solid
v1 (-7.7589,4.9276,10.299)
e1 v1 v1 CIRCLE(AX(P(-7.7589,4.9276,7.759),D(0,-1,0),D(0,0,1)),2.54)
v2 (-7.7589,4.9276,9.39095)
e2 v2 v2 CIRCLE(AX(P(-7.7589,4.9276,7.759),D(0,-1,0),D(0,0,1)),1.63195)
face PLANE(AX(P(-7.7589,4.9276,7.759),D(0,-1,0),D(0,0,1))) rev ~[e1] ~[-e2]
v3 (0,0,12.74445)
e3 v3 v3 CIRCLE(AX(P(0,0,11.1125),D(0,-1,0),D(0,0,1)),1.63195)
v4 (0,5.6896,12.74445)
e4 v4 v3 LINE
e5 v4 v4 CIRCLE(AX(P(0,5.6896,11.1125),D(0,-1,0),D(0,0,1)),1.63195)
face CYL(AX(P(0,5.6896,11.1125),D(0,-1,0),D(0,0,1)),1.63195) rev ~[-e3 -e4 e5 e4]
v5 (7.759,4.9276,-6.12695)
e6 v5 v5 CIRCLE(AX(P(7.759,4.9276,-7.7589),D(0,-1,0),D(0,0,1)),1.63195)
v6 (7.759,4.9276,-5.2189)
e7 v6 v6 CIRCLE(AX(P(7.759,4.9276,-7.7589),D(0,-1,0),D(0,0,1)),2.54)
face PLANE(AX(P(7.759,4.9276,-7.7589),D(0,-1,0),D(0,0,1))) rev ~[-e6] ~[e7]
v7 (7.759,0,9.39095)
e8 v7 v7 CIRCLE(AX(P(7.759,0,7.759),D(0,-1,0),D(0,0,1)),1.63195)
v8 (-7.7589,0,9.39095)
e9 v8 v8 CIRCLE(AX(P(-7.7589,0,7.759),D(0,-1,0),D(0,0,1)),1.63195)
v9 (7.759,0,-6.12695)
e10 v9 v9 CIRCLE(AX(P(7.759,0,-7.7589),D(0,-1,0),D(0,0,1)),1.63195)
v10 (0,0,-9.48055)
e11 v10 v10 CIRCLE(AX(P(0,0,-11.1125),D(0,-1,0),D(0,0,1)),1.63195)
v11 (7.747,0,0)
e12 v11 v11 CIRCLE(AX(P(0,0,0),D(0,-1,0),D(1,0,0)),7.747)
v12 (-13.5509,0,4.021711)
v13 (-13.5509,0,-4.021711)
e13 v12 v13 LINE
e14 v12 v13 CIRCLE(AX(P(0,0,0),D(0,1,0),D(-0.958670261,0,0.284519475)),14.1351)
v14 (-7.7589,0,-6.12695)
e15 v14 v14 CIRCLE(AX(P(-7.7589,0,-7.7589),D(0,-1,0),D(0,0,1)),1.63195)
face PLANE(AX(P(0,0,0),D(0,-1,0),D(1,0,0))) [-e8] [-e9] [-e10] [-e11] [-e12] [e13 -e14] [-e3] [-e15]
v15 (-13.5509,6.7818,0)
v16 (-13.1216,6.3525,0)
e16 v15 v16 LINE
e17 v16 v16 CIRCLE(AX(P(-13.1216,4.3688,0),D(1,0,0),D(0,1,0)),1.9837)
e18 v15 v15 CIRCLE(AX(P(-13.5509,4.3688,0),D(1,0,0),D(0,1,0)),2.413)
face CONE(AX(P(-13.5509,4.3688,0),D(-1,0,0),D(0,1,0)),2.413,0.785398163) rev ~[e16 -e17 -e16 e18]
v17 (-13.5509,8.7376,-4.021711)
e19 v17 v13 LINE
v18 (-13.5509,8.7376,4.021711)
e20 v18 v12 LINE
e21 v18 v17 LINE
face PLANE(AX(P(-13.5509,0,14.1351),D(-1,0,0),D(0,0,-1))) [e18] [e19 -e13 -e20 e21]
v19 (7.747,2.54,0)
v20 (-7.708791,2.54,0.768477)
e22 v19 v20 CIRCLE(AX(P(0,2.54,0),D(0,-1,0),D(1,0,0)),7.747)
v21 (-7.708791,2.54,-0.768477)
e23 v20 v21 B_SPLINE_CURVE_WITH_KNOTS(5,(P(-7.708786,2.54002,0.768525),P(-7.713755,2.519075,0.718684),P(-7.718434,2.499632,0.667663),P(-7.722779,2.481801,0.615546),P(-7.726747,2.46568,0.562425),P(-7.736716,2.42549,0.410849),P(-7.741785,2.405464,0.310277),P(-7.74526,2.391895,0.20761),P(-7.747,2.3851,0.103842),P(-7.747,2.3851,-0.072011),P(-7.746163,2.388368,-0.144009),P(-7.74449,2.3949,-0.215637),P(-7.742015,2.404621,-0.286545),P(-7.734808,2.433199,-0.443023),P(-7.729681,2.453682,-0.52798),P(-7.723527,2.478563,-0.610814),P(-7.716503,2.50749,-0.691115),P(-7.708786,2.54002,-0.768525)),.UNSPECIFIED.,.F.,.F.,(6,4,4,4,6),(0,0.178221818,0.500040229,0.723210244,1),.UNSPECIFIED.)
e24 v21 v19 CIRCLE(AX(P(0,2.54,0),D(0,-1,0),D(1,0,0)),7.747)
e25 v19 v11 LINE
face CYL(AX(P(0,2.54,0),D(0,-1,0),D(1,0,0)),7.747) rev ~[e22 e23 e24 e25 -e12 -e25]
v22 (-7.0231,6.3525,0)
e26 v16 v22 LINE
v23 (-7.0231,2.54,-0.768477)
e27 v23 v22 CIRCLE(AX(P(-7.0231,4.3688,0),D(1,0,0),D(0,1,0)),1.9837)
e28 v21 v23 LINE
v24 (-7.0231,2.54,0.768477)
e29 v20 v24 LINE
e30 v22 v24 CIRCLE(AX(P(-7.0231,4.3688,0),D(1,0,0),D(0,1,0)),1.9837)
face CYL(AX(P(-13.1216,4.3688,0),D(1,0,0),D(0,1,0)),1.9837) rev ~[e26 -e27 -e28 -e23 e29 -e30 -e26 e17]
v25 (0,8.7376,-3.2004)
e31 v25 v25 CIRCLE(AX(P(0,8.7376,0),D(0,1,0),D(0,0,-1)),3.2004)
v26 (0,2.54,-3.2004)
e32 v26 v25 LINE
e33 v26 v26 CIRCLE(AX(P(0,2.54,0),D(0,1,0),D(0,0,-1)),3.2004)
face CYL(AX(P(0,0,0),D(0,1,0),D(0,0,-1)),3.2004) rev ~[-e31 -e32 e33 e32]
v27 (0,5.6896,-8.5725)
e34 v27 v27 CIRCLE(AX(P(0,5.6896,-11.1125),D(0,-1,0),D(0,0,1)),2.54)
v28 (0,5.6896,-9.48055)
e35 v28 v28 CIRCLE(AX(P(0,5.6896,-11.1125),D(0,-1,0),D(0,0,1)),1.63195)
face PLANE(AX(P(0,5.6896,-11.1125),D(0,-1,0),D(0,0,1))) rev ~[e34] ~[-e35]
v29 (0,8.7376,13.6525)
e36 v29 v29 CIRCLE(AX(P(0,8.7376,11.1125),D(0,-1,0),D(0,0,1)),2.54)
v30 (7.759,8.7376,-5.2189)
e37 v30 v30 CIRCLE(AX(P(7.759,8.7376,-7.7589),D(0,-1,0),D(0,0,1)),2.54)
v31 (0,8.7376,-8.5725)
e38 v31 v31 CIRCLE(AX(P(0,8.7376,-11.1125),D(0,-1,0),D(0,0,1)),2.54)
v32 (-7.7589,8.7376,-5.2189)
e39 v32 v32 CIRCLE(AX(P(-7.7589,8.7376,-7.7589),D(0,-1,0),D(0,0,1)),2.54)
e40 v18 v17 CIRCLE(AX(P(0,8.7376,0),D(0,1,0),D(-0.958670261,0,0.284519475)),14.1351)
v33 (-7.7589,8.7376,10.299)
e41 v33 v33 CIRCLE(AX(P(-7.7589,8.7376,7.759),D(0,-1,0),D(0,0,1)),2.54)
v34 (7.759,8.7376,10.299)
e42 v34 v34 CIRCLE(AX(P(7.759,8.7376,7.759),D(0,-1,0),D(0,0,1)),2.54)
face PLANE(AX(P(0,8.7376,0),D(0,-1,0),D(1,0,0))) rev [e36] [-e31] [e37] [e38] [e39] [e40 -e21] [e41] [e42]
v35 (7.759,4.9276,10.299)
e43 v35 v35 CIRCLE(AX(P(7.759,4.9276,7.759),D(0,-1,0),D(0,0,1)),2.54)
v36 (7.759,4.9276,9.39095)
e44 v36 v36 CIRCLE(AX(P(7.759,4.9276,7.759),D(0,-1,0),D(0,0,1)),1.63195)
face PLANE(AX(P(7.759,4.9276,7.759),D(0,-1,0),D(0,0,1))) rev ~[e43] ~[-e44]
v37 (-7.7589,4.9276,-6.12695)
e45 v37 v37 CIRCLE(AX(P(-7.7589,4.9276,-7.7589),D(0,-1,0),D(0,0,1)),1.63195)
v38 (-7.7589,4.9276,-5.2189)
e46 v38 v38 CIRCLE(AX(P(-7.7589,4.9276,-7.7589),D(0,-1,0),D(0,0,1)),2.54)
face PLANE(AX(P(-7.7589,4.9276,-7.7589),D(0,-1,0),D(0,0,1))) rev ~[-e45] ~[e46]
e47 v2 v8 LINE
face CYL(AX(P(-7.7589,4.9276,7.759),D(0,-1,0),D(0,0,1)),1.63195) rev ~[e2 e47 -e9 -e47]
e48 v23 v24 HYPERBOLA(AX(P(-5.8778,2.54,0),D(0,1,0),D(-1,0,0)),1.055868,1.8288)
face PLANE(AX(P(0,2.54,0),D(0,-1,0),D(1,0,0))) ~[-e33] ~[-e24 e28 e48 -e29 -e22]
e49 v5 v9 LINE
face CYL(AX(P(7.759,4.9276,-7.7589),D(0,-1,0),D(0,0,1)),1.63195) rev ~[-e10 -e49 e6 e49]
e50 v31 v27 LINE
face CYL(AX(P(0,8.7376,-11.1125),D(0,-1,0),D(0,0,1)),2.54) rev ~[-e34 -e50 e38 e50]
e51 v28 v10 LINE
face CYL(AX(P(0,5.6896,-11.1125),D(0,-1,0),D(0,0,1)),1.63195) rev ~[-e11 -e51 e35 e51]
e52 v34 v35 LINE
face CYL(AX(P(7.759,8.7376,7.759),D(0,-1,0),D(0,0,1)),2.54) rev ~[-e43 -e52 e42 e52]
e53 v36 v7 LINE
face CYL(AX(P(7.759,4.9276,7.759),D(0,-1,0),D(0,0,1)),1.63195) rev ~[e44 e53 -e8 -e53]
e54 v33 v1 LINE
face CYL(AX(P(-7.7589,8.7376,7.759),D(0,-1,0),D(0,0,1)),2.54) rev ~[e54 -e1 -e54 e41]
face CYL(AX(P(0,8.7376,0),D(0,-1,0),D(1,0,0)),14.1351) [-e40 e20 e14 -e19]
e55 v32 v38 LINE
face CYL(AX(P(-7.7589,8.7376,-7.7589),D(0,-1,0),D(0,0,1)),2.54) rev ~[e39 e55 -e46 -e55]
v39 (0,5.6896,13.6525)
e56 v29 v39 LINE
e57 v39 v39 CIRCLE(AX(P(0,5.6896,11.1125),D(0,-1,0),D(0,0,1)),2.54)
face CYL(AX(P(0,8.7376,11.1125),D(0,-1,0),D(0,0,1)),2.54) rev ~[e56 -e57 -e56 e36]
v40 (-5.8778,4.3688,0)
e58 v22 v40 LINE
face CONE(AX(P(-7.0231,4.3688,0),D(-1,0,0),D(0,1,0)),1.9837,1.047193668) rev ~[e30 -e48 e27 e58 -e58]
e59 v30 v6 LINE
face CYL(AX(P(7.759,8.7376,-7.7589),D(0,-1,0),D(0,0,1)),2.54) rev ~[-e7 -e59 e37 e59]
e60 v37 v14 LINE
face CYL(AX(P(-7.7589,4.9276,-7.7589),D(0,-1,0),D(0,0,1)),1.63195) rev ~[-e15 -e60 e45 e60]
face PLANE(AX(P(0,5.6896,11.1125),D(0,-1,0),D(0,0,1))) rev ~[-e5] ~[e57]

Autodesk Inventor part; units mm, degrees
sketch "Sketch_1" plane through (0, 0, 0) normal (0, 0, 1) x (1, 0, 0)
  line L0 (0, 0) -> (0, 8.7376)
  line L1 (0, 8.7376) -> (14.1351, 8.7376)
  line L2 (14.1351, 8.7376) -> (14.1351, 0)
  line L3 (14.1351, 0) -> (0, 0)
  line L4 (0, 0) -> (0, 8.7376)
revolve "Revolution1" add sketch "Sketch_1" angle 360 about axis through (0, 0, 0) along (0, -1, 0)
sketch "Sketch_63" plane through (0, 0, 0) normal (0, 1, 0) x (-1, 0, 0)
  line L0 (20.6184, 14.1351) -> (13.5509, 14.1351)
  line L1 (13.5509, 14.1351) -> (13.5509, -14.1351)
  line L2 (13.5509, -14.1351) -> (20.6184, -14.1351)
  line L3 (20.6184, -14.1351) -> (20.6184, 14.1351)
extrude "Extrusion1" cut sketch "Sketch_63" along normal blind 8.7376
sketch "Sketch_37" plane through (0, 0, 0) normal (0, 0, 1) x (1, 0, 0)
  line L0 (-5.8778, 4.3688) -> (-14.1351, 4.3688)
  line L1 (-14.1351, 4.3688) -> (-14.1351, 8.3376)
  line L2 (-14.1351, 8.3376) -> (-13.5509, 8.3376)
  line L3 (-13.5509, 8.3376) -> (-13.5509, 6.7818)
  line L4 (-13.5509, 6.7818) -> (-13.1216, 6.3525)
  line L5 (-13.1216, 6.3525) -> (-7.0231, 6.3525)
  line L6 (-7.0231, 6.3525) -> (-5.8778, 4.3688)
  line L7 (-5.8778, 4.3688) -> (-14.1351, 4.3688)
revolve "Revolution2" cut sketch "Sketch_37" angle 360 about axis through (-5.8778, 4.3688, 0) along (1, 0, 0)
thread "Thread1" size "10-32 UNF" class "2B" standard "ANSI Unified Screw Threads" length 4.6507
sketch "Sketch4" plane through (0, 0, 0) normal (0, -1, 0) x (1, 0, 0)
  point P0 (0, 0)
hole "Hole1" at (0, 0, 0) direction (0, 1, 0) diameter 6.4008 depth 8.7376
sketch "Sketch_9" plane through (0, 0, 0) normal (0, 0, 1) x (1, 0, 0)
  line L0 (0, 0) -> (0, 2.54)
  line L1 (0, 2.54) -> (7.747, 2.54)
  line L2 (7.747, 2.54) -> (7.747, 0)
  line L3 (7.747, 0) -> (0, 0)
  line L4 (0, 0) -> (0, 2.54)
revolve "Revolution3" cut sketch "Sketch_9" angle 360 about axis through (0, 0, 0) along (0, -1, 0)
sketch "Sketch6" plane through (0, 8.7376, 0) normal (0, 1, 0) x (1, 0, 0)
  point P0 (0, -11.1125)
hole "Hole2" at (0, 8.7376, 11.1125) direction (0, -1, 0) diameter 3.2639 depth 8.7376 counterbore diameter 5.08 counterbore depth 3.048
sketch "Sketch7" plane through (0, 8.7376, 0) normal (0, 1, 0) x (1, 0, 0)
  point P0 (0, 11.1125)
hole "Hole3" at (0, 8.7376, -11.1125) direction (0, -1, 0) diameter 3.2639 depth 8.7376 counterbore diameter 5.08 counterbore depth 3.048
sketch "Sketch8" plane through (0, 8.7376, 0) normal (0, 1, 0) x (1, 0, 0)
  point P0 (-7.7589, 7.7589)
hole "Hole4" at (-7.7589, 8.7376, -7.7589) direction (0, -1, 0) diameter 3.2639 depth 8.7376 counterbore diameter 5.08 counterbore depth 3.81
pattern_linear "Rectangular Pattern1" count 2 spacing 15.5179 along (1, 0, 0) count 2 spacing 15.5179 along (0, 0, 1) of "Hole4"
ref_plane "a1_XY" through (0, 8.7376, -14.1351) normal (0, 1, 0) x (1, 0, 0)
ref_plane "a1_YZ" through (0, 8.7376, -14.1351) normal (1, 0, 0) x (0, 0, -1)
ref_plane "a1_ZX" through (0, 8.7376, -14.1351) normal (0, 0, -1) x (0, 1, 0)
ref_plane "a2_XY" through (0, 8.7376, 14.1351) normal (0, 1, 0) x (1, 0, 0)
ref_plane "a2_YZ" through (0, 8.7376, 14.1351) normal (1, 0, 0) x (0, 0, -1)
ref_plane "a2_ZX" through (0, 8.7376, 14.1351) normal (0, 0, -1) x (0, 1, 0)
ref_plane "ab_tr1_XY" through (-7.5198, 0, -2.0149) normal (0, 1, 0) x (1, 0, 0)
ref_plane "ab_tr1_YZ" through (-7.5198, 0, -2.0149) normal (1, 0, 0) x (0, 0, -1)
ref_plane "ab_tr1_ZX" through (-7.5198, 0, -2.0149) normal (0, 0, -1) x (0, 1, 0)
ref_plane "ab_tr2_XY" through (7.5198, 0, 2.0149) normal (0, 1, 0) x (1, 0, 0)
ref_plane "ab_tr2_YZ" through (7.5198, 0, 2.0149) normal (1, 0, 0) x (0, 0, -1)
ref_plane "ab_tr2_ZX" through (7.5198, 0, 2.0149) normal (0, 0, -1) x (0, 1, 0)
ref_plane "ab_tr3_XY" through (-2.0149, 0, 7.5198) normal (0, 1, 0) x (1, 0, 0)
ref_plane "ab_tr3_YZ" through (-2.0149, 0, 7.5198) normal (1, 0, 0) x (0, 0, -1)
ref_plane "ab_tr3_ZX" through (-2.0149, 0, 7.5198) normal (0, 0, -1) x (0, 1, 0)
ref_plane "ab_tr4_XY" through (2.0149, 0, -7.5198) normal (0, 1, 0) x (1, 0, 0)
ref_plane "ab_tr4_YZ" through (2.0149, 0, -7.5198) normal (1, 0, 0) x (0, 0, -1)
ref_plane "ab_tr4_ZX" through (2.0149, 0, -7.5198) normal (0, 0, -1) x (0, 1, 0)
ref_plane "ar3_XY" through (-7.9026, 2.54, 7.9026) normal (0, 1, 0) x (1, 0, 0)
ref_plane "ar3_YZ" through (-7.9026, 2.54, 7.9026) normal (1, 0, 0) x (0, 0, -1)
ref_plane "ar3_ZX" through (-7.9026, 2.54, 7.9026) normal (0, 0, -1) x (0, 1, 0)
ref_plane "ar4_XY" through (7.9026, 2.54, 7.9026) normal (0, 1, 0) x (1, 0, 0)
ref_plane "ar4_YZ" through (7.9026, 2.54, 7.9026) normal (1, 0, 0) x (0, 0, -1)
ref_plane "ar4_ZX" through (7.9026, 2.54, 7.9026) normal (0, 0, -1) x (0, 1, 0)
ref_plane "ar5_XY" through (7.9026, 2.54, -7.9026) normal (0, 1, 0) x (1, 0, 0)
ref_plane "ar5_YZ" through (7.9026, 2.54, -7.9026) normal (1, 0, 0) x (0, 0, -1)
ref_plane "ar5_ZX" through (7.9026, 2.54, -7.9026) normal (0, 0, -1) x (0, 1, 0)
ref_plane "ar6_XY" through (-7.9026, 2.54, -7.9026) normal (0, 1, 0) x (1, 0, 0)
ref_plane "ar6_YZ" through (-7.9026, 2.54, -7.9026) normal (1, 0, 0) x (0, 0, -1)
ref_plane "ar6_ZX" through (-7.9026, 2.54, -7.9026) normal (0, 0, -1) x (0, 1, 0)
ref_plane "b1_XY" through (0, 8.7376, 0) normal (0, 1, 0) x (1, 0, 0)
ref_plane "b1_YZ" through (0, 8.7376, 0) normal (1, 0, 0) x (0, 0, -1)
ref_plane "b1_ZX" through (0, 8.7376, 0) normal (0, 0, -1) x (0, 1, 0)
ref_plane "j_XY" through (0, 0, 0) normal (0, 1, 0) x (1, 0, 0)
ref_plane "j_YZ" through (0, 0, 0) normal (1, 0, 0) x (0, 0, -1)
ref_plane "j_ZX" through (0, 0, 0) normal (0, 0, -1) x (0, 1, 0)
ref_plane "k1_XY" through (-13.5509, 4.3688, 0) normal (0, 0, 1) x (1, 0, 0)
ref_plane "k1_YZ" through (-13.5509, 4.3688, 0) normal (1, 0, 0) x (0, 1, 0)
ref_plane "k1_ZX" through (-13.5509, 4.3688, 0) normal (0, 1, 0) x (0, 0, 1)
ref_plane "k2_XY" through (-13.5509, 8.7376, 0) normal (0, 0, 1) x (1, 0, 0)
ref_plane "k2_YZ" through (-13.5509, 8.7376, 0) normal (1, 0, 0) x (0, 1, 0)
ref_plane "k2_ZX" through (-13.5509, 8.7376, 0) normal (0, 1, 0) x (0, 0, 1)
ref_plane "l1_XY" through (-13.5509, 6.7818, 0) normal (0, 0, 1) x (1, 0, 0)
ref_plane "l1_YZ" through (-13.5509, 6.7818, 0) normal (1, 0, 0) x (0, 1, 0)
ref_plane "l1_ZX" through (-13.5509, 6.7818, 0) normal (0, 1, 0) x (0, 0, 1)
ref_plane "l2_XY" through (-13.5509, 1.9558, 0) normal (0, 0, 1) x (1, 0, 0)
ref_plane "l2_YZ" through (-13.5509, 1.9558, 0) normal (1, 0, 0) x (0, 1, 0)
ref_plane "l2_ZX" through (-13.5509, 1.9558, 0) normal (0, 1, 0) x (0, 0, 1)
ref_plane "nut_XY" through (0, 15.9766, 0) normal (0, 1, 0) x (1, 0, 0)
ref_plane "nut_YZ" through (0, 15.9766, 0) normal (1, 0, 0) x (0, 0, -1)
ref_plane "nut_ZX" through (0, 15.9766, 0) normal (0, 0, -1) x (0, 1, 0)
ref_plane "po1_XY" through (7.7589, 0, 7.7589) normal (0, 1, 0) x (1, 0, 0)
ref_plane "po1_YZ" through (7.7589, 0, 7.7589) normal (1, 0, 0) x (0, 0, -1)
ref_plane "po1_ZX" through (7.7589, 0, 7.7589) normal (0, 0, -1) x (0, 1, 0)
ref_plane "po2_XY" through (7.7589, 0, -7.7589) normal (0, 1, 0) x (1, 0, 0)
ref_plane "po2_YZ" through (7.7589, 0, -7.7589) normal (1, 0, 0) x (0, 0, -1)
ref_plane "po2_ZX" through (7.7589, 0, -7.7589) normal (0, 0, -1) x (0, 1, 0)
ref_plane "po3_XY" through (-7.7589, 0, -7.7589) normal (0, 1, 0) x (1, 0, 0)
ref_plane "po3_YZ" through (-7.7589, 0, -7.7589) normal (1, 0, 0) x (0, 0, -1)
ref_plane "po3_ZX" through (-7.7589, 0, -7.7589) normal (0, 0, -1) x (0, 1, 0)
ref_plane "po4_XY" through (-7.7589, 0, 7.7589) normal (0, 1, 0) x (1, 0, 0)
ref_plane "po4_YZ" through (-7.7589, 0, 7.7589) normal (1, 0, 0) x (0, 0, -1)
ref_plane "po4_ZX" through (-7.7589, 0, 7.7589) normal (0, 0, -1) x (0, 1, 0)
ref_plane "r7_XY" through (1.7526, 8.7376, 11.1125) normal (0, 1, 0) x (1, 0, 0)
ref_plane "r7_YZ" through (1.7526, 8.7376, 11.1125) normal (1, 0, 0) x (0, 0, -1)
ref_plane "r7_ZX" through (1.7526, 8.7376, 11.1125) normal (0, 0, -1) x (0, 1, 0)
ref_plane "r71_XY" through (0, 8.7376, 11.1125) normal (0, 1, 0) x (1, 0, 0)
ref_plane "r71_YZ" through (0, 8.7376, 11.1125) normal (1, 0, 0) x (0, 0, -1)
ref_plane "r71_ZX" through (0, 8.7376, 11.1125) normal (0, 0, -1) x (0, 1, 0)
ref_plane "r72_XY" through (-1.7526, 8.7376, 11.1125) normal (0, 1, 0) x (1, 0, 0)
ref_plane "r72_YZ" through (-1.7526, 8.7376, 11.1125) normal (1, 0, 0) x (0, 0, -1)
ref_plane "r72_ZX" through (-1.7526, 8.7376, 11.1125) normal (0, 0, -1) x (0, 1, 0)
ref_plane "r73_XY" through (0, 8.7376, -11.1125) normal (0, 1, 0) x (1, 0, 0)
ref_plane "r73_YZ" through (0, 8.7376, -11.1125) normal (1, 0, 0) x (0, 0, -1)
ref_plane "r73_ZX" through (0, 8.7376, -11.1125) normal (0, 0, -1) x (0, 1, 0)
ref_plane "rg_XY" through (0, 8.7376, 0) normal (0, 1, 0) x (1, 0, 0)
ref_plane "rg_YZ" through (0, 8.7376, 0) normal (1, 0, 0) x (0, 0, -1)
ref_plane "rg_ZX" through (0, 8.7376, 0) normal (0, 0, -1) x (0, 1, 0)
ref_plane "rh_XY" through (0, 8.7376, 0) normal (0, 1, 0) x (1, 0, 0)
ref_plane "rh_YZ" through (0, 8.7376, 0) normal (1, 0, 0) x (0, 0, -1)
ref_plane "rh_ZX" through (0, 8.7376, 0) normal (0, 0, -1) x (0, 1, 0)
ref_plane "rs_1_XY" through (0, 10.5156, -11.1125) normal (0, 1, 0) x (1, 0, 0)
ref_plane "rs_1_YZ" through (0, 10.5156, -11.1125) normal (1, 0, 0) x (0, 0, -1)
ref_plane "rs_1_ZX" through (0, 10.5156, -11.1125) normal (0, 0, -1) x (0, 1, 0)
ref_plane "rs_2_XY" through (-11.1125, 10.5156, 0) normal (0, 1, 0) x (1, 0, 0)
ref_plane "rs_2_YZ" through (-11.1125, 10.5156, 0) normal (1, 0, 0) x (0, 0, -1)
ref_plane "rs_2_ZX" through (-11.1125, 10.5156, 0) normal (0, 0, -1) x (0, 1, 0)
ref_plane "rs_3_XY" through (0, 10.5156, 11.1125) normal (0, 1, 0) x (1, 0, 0)
ref_plane "rs_3_YZ" through (0, 10.5156, 11.1125) normal (1, 0, 0) x (0, 0, -1)
ref_plane "rs_3_ZX" through (0, 10.5156, 11.1125) normal (0, 0, -1) x (0, 1, 0)
ref_plane "rs_4_XY" through (11.1125, 10.5156, 0) normal (0, 1, 0) x (1, 0, 0)
ref_plane "rs_4_YZ" through (11.1125, 10.5156, 0) normal (1, 0, 0) x (0, 0, -1)
ref_plane "rs_4_ZX" through (11.1125, 10.5156, 0) normal (0, 0, -1) x (0, 1, 0)
ref_plane "sc1_XY" through (7.7589, 4.9276, -7.7589) normal (0, 1, 0) x (1, 0, 0)
ref_plane "sc1_YZ" through (7.7589, 4.9276, -7.7589) normal (1, 0, 0) x (0, 0, -1)
ref_plane "sc1_ZX" through (7.7589, 4.9276, -7.7589) normal (0, 0, -1) x (0, 1, 0)
ref_plane "sc2_XY" through (-7.7589, 4.9276, -7.7589) normal (0, 1, 0) x (1, 0, 0)
ref_plane "sc2_YZ" through (-7.7589, 4.9276, -7.7589) normal (1, 0, 0) x (0, 0, -1)
ref_plane "sc2_ZX" through (-7.7589, 4.9276, -7.7589) normal (0, 0, -1) x (0, 1, 0)
ref_plane "sc3_XY" through (-7.7589, 4.9276, 7.7589) normal (0, 1, 0) x (1, 0, 0)
ref_plane "sc3_YZ" through (-7.7589, 4.9276, 7.7589) normal (1, 0, 0) x (0, 0, -1)
ref_plane "sc3_ZX" through (-7.7589, 4.9276, 7.7589) normal (0, 0, -1) x (0, 1, 0)
ref_plane "sc4_XY" through (7.7589, 4.9276, 7.7589) normal (0, 1, 0) x (1, 0, 0)
ref_plane "sc4_YZ" through (7.7589, 4.9276, 7.7589) normal (1, 0, 0) x (0, 0, -1)
ref_plane "sc4_ZX" through (7.7589, 4.9276, 7.7589) normal (0, 0, -1) x (0, 1, 0)
ref_plane "to_dummy_XY" through (0, 8.7376, 0) normal (0, 1, 0) x (1, 0, 0)
ref_plane "to_dummy_YZ" through (0, 8.7376, 0) normal (1, 0, 0) x (0, 0, -1)
ref_plane "to_dummy_ZX" through (0, 8.7376, 0) normal (0, 0, -1) x (0, 1, 0)
ref_plane "to_nut_XY" through (0, 10.3124, 0) normal (0, 1, 0) x (1, 0, 0)
ref_plane "to_nut_YZ" through (0, 10.3124, 0) normal (1, 0, 0) x (0, 0, -1)
ref_plane "to_nut_ZX" through (0, 10.3124, 0) normal (0, 0, -1) x (0, 1, 0)
ref_plane "to_rod_XY" through (0, 0, 0) normal (0, 1, 0) x (1, 0, 0)
ref_plane "to_rod_YZ" through (0, 0, 0) normal (1, 0, 0) x (0, 0, -1)
ref_plane "to_rod_ZX" through (0, 0, 0) normal (0, 0, -1) x (0, 1, 0)
ref_plane "to_tube_XY" through (0, 2.54, 0) normal (0, 1, 0) x (1, 0, 0)
ref_plane "to_tube_YZ" through (0, 2.54, 0) normal (1, 0, 0) x (0, 0, -1)
ref_plane "to_tube_ZX" through (0, 2.54, 0) normal (0, 0, -1) x (0, 1, 0)
ref_plane "to_wiper_XY" through (0, 8.7376, 0) normal (0, 1, 0) x (1, 0, 0)
ref_plane "to_wiper_YZ" through (0, 8.7376, 0) normal (1, 0, 0) x (0, 0, -1)
ref_plane "to_wiper_ZX" through (0, 8.7376, 0) normal (0, 0, -1) x (0, 1, 0)
ref_plane "track1_XY" through (-7.7851, 0, 0) normal (0, 1, 0) x (1, 0, 0)
ref_plane "track1_YZ" through (-7.7851, 0, 0) normal (1, 0, 0) x (0, 0, -1)
ref_plane "track1_ZX" through (-7.7851, 0, 0) normal (0, 0, -1) x (0, 1, 0)
ref_plane "track2_XY" through (0, 0, -7.7851) normal (0, 1, 0) x (1, 0, 0)
ref_plane "track2_YZ" through (0, 0, -7.7851) normal (1, 0, 0) x (0, 0, -1)
ref_plane "track2_ZX" through (0, 0, -7.7851) normal (0, 0, -1) x (0, 1, 0)
ref_plane "track3_XY" through (7.7851, 0, 0) normal (0, 1, 0) x (1, 0, 0)
ref_plane "track3_YZ" through (7.7851, 0, 0) normal (1, 0, 0) x (0, 0, -1)
ref_plane "track3_ZX" through (7.7851, 0, 0) normal (0, 0, -1) x (0, 1, 0)
ref_plane "track4_XY" through (0, 0, 7.7851) normal (0, 1, 0) x (1, 0, 0)
ref_plane "track4_YZ" through (0, 0, 7.7851) normal (1, 0, 0) x (0, 0, -1)
ref_plane "track4_ZX" through (0, 0, 7.7851) normal (0, 0, -1) x (0, 1, 0)
properties part number "02-1NT-0.125-FO1_BM_heads-bif"
